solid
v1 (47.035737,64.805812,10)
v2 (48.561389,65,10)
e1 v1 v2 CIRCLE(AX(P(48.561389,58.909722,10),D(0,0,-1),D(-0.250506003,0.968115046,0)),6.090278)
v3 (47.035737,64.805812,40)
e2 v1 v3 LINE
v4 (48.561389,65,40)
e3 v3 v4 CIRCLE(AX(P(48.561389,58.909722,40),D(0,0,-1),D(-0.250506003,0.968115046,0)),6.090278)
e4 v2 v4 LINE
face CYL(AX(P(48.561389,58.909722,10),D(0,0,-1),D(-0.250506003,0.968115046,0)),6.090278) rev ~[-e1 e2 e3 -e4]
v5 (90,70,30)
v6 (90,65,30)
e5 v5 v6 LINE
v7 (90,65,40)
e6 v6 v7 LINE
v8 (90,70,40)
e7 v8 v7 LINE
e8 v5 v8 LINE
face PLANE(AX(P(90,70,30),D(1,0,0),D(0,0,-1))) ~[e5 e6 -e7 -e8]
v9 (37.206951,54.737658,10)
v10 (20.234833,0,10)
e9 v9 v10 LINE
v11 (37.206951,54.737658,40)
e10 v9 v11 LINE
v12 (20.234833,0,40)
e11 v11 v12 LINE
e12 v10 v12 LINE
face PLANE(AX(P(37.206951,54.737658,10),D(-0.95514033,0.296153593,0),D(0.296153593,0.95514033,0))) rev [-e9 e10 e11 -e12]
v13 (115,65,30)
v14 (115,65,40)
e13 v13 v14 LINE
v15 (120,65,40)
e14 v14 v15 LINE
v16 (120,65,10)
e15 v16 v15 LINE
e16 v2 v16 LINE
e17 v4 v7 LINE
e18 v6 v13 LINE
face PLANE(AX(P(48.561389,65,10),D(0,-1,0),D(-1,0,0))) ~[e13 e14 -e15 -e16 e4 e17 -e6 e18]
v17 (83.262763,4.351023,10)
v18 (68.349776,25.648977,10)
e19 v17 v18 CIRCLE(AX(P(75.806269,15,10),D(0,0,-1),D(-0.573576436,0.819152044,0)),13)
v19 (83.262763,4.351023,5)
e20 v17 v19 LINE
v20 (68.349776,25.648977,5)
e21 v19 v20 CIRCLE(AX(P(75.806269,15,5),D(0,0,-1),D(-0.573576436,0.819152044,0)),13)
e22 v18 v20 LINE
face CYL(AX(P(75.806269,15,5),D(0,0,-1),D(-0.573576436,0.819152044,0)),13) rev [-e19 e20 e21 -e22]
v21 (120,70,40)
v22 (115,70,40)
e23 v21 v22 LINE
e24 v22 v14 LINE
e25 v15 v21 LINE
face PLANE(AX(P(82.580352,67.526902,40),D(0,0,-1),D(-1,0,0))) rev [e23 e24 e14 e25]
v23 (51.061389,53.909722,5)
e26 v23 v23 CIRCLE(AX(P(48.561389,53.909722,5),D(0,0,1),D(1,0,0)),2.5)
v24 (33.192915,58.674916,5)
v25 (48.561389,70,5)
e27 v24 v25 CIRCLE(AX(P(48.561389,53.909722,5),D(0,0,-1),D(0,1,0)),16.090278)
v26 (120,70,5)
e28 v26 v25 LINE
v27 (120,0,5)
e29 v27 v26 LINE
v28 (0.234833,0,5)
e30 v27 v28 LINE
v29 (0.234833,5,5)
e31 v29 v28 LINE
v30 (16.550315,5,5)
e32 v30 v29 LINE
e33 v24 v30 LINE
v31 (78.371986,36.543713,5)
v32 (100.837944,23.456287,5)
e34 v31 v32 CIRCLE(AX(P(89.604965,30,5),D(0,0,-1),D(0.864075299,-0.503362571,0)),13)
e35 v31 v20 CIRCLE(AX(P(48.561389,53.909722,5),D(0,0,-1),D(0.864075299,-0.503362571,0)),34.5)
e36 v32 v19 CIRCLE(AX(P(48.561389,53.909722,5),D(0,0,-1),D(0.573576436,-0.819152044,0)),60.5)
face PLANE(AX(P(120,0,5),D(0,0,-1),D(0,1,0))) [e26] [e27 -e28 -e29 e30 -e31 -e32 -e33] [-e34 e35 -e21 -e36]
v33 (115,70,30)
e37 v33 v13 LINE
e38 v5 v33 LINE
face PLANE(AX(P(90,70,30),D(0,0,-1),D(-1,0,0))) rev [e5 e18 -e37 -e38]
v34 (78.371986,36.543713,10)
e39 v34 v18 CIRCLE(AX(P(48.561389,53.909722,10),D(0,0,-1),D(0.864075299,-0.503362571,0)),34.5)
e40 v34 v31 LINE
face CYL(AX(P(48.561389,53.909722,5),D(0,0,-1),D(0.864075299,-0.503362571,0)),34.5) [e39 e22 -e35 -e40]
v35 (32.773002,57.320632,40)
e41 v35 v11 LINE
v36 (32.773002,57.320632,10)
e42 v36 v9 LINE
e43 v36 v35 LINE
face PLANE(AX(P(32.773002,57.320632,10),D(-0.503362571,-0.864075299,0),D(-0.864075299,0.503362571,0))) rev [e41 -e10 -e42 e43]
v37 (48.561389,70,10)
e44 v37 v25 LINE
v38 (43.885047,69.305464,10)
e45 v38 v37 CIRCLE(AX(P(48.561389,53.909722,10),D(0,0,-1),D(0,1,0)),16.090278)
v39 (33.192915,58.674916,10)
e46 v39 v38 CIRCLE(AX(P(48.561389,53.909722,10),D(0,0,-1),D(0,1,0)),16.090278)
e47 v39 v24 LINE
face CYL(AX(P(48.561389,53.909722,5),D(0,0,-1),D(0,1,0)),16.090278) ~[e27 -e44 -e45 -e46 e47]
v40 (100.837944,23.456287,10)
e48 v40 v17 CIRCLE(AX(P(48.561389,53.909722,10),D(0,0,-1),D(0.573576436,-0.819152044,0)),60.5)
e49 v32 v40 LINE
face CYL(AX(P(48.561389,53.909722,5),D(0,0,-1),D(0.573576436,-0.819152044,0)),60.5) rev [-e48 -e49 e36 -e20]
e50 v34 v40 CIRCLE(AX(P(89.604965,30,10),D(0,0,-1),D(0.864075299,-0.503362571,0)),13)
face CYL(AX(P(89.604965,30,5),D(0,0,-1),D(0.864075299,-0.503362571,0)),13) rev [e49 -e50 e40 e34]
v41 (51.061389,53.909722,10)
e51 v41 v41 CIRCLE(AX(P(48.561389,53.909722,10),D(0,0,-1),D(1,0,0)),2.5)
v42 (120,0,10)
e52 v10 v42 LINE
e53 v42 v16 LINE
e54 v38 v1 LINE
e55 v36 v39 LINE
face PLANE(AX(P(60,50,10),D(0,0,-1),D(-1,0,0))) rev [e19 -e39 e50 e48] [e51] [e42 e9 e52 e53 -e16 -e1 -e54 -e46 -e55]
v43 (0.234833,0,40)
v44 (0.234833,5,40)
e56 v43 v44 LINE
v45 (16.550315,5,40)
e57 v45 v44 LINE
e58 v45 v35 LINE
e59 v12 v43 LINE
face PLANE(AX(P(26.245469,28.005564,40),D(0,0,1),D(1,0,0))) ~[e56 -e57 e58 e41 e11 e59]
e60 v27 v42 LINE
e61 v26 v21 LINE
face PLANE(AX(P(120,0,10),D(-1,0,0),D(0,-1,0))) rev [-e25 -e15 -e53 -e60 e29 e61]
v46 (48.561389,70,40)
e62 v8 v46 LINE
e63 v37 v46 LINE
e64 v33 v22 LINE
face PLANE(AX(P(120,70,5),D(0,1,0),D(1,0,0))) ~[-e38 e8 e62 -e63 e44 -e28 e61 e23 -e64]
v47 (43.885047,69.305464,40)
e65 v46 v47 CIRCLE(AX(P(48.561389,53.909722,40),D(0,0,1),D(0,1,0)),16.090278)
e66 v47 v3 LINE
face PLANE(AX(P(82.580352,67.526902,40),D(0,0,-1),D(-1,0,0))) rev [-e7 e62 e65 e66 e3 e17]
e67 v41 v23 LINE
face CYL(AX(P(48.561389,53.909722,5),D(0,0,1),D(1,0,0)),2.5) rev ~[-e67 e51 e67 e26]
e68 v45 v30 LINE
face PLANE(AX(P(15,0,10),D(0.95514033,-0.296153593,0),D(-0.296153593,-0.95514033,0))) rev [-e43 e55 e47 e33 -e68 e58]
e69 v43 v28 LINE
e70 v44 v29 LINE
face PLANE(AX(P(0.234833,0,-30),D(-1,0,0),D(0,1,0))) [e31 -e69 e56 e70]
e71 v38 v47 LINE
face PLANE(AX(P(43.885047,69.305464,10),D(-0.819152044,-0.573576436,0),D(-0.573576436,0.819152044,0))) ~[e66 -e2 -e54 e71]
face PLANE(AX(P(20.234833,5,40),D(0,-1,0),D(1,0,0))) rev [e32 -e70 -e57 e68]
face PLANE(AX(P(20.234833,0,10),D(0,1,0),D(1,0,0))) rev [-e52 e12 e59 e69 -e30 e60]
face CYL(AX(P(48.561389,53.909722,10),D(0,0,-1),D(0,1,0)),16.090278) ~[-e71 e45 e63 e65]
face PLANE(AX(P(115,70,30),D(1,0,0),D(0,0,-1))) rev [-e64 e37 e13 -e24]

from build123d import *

# Parameters (mm, degrees)
SKETCH1_W           = 120
SKETCH1_H           = 100
BOSS_EXTRUDE1_DEPTH = 5
SKETCH2_R           = 2.5
CUT_EXTRUDE1_DEPTH  = 6
CUT_EXTRUDE3_DEPTH  = 10
BOSS_EXTRUDE3_DEPTH = 30
SKETCH8_W           = 20
SKETCH8_H           = 5
BOSS_EXTRUDE4_DEPTH = 35
SKETCH9_W           = 25
SKETCH9_H           = 10
CUT_EXTRUDE4_DEPTH  = 71
SKETCH10_W          = 35
SKETCH10_H          = 70
CUT_EXTRUDE5_DEPTH  = 120.765167123


with BuildPart() as part:
    # Sketch1 → Boss-Extrude1 (new body)
    with BuildSketch(Plane.XY):
        with Locations((60, 50)):
            Rectangle(SKETCH1_W, SKETCH1_H)
    boss_extrude1 = extrude(amount=BOSS_EXTRUDE1_DEPTH)

    # Sketch2 → Cut-Extrude1 (cut, through all)
    with BuildSketch(Plane.XY.offset(5)):
        with Locations((48.561388608, 53.909722104)):
            Circle(SKETCH2_R)
        with BuildLine():
            ThreePointArc((83.262763007, 4.351023424), (93.087143476, 12.949898455), (100.837944203, 23.456286582))
            ThreePointArc((100.837944203, 23.456286582), (96.148678733, 41.232978888), (78.371986427, 36.543713418))
            ThreePointArc((78.371986427, 36.543713418), (73.952108326, 30.552467296), (68.349775662, 25.648976576))
            ThreePointArc((68.349775662, 25.648976576), (65.157292759, 7.543506327), (83.262763007, 4.351023424))
        make_face()
    cut_extrude1 = extrude(amount=-CUT_EXTRUDE1_DEPTH, mode=Mode.SUBTRACT)

    # Sketch5 → Cut-Extrude3 (cut)
    with BuildSketch(Plane.XY.offset(5)):
        with BuildLine():
            Line((120, 70), (48.561388608, 70))
            ThreePointArc((48.561388608, 70), (39.016134462, 66.862913451), (33.192915272, 58.674915711))
            Line((33.192915272, 58.674915711), (15, 0))
            Line((15, 0), (0, 0))
            Line((0, 0), (0, 100))
            Line((0, 100), (120, 100))
            Line((120, 100), (120, 70))
        make_face()
    cut_extrude3 = extrude(amount=-CUT_EXTRUDE3_DEPTH, mode=Mode.SUBTRACT)

    # Sketch7 → Boss-Extrude3 (add)
    with BuildSketch(Plane(origin=(0, 0, 0), x_dir=(-1, 0, 0), z_dir=(0, 0, -1))):
        Polygon((-15, 0), (-32.773002065, 57.320631823), (-37.206950606, 54.737658166), (-20.234832877, 0), align=None)
        with BuildLine():
            Line((-120, 70), (-48.561388608, 70))
            ThreePointArc((-48.561388608, 70), (-46.197570118, 69.825418913), (-43.885046952, 69.305464096))
            Line((-43.885046952, 69.305464096), (-47.035737431, 64.805811769))
            ThreePointArc((-47.035737431, 64.805811769), (-47.792408669, 64.951257894), (-48.561388608, 65))
            Line((-48.561388608, 65), (-120, 65))
            Line((-120, 65), (-120, 70))
        make_face()
    boss_extrude3 = extrude(amount=BOSS_EXTRUDE3_DEPTH)

    # Sketch8 → Boss-Extrude4 (add, through all)
    with BuildSketch(Plane(origin=(0, 0, -30), x_dir=(-1, 0, 0), z_dir=(0, 0, -1))):
        with Locations((-10.234832877, 2.5)):
            Rectangle(SKETCH8_W, SKETCH8_H)
    boss_extrude4 = extrude(amount=-BOSS_EXTRUDE4_DEPTH)

    # Sketch9 → Cut-Extrude4 (cut, through all)
    with BuildSketch(Plane(origin=(0, 70, 0), x_dir=(1, 0, 0), z_dir=(0, 1, 0))):
        with Locations((102.5, 25)):
            Rectangle(SKETCH9_W, SKETCH9_H)
    cut_extrude4 = extrude(amount=-CUT_EXTRUDE4_DEPTH, mode=Mode.SUBTRACT)

    # Mirror1: Boss-Extrude1, Cut-Extrude1, Cut-Extrude3, Boss-Extrude3, Boss-Extrude4, Cut-Extrude4 across plane
    add(boss_extrude1.mirror(Plane(origin=(0, 0, 5), x_dir=(1, 0, 0), z_dir=(0, 0, -1))))
    add(cut_extrude1.mirror(Plane(origin=(0, 0, 5), x_dir=(1, 0, 0), z_dir=(0, 0, -1))), mode=Mode.SUBTRACT)
    add(cut_extrude3.mirror(Plane(origin=(0, 0, 5), x_dir=(1, 0, 0), z_dir=(0, 0, -1))), mode=Mode.SUBTRACT)
    add(boss_extrude3.mirror(Plane(origin=(0, 0, 5), x_dir=(1, 0, 0), z_dir=(0, 0, -1))))
    add(boss_extrude4.mirror(Plane(origin=(0, 0, 5), x_dir=(1, 0, 0), z_dir=(0, 0, -1))))
    add(cut_extrude4.mirror(Plane(origin=(0, 0, 5), x_dir=(1, 0, 0), z_dir=(0, 0, -1))), mode=Mode.SUBTRACT)

    # Sketch10 → Cut-Extrude5 (cut, through all)
    with BuildSketch(Plane(origin=(120, 0, 0), x_dir=(0, 0, -1), z_dir=(1, 0, 0))):
        with Locations((12.5, 35)):
            Rectangle(SKETCH10_W, SKETCH10_H)
    extrude(amount=-CUT_EXTRUDE5_DEPTH, mode=Mode.SUBTRACT)


solid = part.part
